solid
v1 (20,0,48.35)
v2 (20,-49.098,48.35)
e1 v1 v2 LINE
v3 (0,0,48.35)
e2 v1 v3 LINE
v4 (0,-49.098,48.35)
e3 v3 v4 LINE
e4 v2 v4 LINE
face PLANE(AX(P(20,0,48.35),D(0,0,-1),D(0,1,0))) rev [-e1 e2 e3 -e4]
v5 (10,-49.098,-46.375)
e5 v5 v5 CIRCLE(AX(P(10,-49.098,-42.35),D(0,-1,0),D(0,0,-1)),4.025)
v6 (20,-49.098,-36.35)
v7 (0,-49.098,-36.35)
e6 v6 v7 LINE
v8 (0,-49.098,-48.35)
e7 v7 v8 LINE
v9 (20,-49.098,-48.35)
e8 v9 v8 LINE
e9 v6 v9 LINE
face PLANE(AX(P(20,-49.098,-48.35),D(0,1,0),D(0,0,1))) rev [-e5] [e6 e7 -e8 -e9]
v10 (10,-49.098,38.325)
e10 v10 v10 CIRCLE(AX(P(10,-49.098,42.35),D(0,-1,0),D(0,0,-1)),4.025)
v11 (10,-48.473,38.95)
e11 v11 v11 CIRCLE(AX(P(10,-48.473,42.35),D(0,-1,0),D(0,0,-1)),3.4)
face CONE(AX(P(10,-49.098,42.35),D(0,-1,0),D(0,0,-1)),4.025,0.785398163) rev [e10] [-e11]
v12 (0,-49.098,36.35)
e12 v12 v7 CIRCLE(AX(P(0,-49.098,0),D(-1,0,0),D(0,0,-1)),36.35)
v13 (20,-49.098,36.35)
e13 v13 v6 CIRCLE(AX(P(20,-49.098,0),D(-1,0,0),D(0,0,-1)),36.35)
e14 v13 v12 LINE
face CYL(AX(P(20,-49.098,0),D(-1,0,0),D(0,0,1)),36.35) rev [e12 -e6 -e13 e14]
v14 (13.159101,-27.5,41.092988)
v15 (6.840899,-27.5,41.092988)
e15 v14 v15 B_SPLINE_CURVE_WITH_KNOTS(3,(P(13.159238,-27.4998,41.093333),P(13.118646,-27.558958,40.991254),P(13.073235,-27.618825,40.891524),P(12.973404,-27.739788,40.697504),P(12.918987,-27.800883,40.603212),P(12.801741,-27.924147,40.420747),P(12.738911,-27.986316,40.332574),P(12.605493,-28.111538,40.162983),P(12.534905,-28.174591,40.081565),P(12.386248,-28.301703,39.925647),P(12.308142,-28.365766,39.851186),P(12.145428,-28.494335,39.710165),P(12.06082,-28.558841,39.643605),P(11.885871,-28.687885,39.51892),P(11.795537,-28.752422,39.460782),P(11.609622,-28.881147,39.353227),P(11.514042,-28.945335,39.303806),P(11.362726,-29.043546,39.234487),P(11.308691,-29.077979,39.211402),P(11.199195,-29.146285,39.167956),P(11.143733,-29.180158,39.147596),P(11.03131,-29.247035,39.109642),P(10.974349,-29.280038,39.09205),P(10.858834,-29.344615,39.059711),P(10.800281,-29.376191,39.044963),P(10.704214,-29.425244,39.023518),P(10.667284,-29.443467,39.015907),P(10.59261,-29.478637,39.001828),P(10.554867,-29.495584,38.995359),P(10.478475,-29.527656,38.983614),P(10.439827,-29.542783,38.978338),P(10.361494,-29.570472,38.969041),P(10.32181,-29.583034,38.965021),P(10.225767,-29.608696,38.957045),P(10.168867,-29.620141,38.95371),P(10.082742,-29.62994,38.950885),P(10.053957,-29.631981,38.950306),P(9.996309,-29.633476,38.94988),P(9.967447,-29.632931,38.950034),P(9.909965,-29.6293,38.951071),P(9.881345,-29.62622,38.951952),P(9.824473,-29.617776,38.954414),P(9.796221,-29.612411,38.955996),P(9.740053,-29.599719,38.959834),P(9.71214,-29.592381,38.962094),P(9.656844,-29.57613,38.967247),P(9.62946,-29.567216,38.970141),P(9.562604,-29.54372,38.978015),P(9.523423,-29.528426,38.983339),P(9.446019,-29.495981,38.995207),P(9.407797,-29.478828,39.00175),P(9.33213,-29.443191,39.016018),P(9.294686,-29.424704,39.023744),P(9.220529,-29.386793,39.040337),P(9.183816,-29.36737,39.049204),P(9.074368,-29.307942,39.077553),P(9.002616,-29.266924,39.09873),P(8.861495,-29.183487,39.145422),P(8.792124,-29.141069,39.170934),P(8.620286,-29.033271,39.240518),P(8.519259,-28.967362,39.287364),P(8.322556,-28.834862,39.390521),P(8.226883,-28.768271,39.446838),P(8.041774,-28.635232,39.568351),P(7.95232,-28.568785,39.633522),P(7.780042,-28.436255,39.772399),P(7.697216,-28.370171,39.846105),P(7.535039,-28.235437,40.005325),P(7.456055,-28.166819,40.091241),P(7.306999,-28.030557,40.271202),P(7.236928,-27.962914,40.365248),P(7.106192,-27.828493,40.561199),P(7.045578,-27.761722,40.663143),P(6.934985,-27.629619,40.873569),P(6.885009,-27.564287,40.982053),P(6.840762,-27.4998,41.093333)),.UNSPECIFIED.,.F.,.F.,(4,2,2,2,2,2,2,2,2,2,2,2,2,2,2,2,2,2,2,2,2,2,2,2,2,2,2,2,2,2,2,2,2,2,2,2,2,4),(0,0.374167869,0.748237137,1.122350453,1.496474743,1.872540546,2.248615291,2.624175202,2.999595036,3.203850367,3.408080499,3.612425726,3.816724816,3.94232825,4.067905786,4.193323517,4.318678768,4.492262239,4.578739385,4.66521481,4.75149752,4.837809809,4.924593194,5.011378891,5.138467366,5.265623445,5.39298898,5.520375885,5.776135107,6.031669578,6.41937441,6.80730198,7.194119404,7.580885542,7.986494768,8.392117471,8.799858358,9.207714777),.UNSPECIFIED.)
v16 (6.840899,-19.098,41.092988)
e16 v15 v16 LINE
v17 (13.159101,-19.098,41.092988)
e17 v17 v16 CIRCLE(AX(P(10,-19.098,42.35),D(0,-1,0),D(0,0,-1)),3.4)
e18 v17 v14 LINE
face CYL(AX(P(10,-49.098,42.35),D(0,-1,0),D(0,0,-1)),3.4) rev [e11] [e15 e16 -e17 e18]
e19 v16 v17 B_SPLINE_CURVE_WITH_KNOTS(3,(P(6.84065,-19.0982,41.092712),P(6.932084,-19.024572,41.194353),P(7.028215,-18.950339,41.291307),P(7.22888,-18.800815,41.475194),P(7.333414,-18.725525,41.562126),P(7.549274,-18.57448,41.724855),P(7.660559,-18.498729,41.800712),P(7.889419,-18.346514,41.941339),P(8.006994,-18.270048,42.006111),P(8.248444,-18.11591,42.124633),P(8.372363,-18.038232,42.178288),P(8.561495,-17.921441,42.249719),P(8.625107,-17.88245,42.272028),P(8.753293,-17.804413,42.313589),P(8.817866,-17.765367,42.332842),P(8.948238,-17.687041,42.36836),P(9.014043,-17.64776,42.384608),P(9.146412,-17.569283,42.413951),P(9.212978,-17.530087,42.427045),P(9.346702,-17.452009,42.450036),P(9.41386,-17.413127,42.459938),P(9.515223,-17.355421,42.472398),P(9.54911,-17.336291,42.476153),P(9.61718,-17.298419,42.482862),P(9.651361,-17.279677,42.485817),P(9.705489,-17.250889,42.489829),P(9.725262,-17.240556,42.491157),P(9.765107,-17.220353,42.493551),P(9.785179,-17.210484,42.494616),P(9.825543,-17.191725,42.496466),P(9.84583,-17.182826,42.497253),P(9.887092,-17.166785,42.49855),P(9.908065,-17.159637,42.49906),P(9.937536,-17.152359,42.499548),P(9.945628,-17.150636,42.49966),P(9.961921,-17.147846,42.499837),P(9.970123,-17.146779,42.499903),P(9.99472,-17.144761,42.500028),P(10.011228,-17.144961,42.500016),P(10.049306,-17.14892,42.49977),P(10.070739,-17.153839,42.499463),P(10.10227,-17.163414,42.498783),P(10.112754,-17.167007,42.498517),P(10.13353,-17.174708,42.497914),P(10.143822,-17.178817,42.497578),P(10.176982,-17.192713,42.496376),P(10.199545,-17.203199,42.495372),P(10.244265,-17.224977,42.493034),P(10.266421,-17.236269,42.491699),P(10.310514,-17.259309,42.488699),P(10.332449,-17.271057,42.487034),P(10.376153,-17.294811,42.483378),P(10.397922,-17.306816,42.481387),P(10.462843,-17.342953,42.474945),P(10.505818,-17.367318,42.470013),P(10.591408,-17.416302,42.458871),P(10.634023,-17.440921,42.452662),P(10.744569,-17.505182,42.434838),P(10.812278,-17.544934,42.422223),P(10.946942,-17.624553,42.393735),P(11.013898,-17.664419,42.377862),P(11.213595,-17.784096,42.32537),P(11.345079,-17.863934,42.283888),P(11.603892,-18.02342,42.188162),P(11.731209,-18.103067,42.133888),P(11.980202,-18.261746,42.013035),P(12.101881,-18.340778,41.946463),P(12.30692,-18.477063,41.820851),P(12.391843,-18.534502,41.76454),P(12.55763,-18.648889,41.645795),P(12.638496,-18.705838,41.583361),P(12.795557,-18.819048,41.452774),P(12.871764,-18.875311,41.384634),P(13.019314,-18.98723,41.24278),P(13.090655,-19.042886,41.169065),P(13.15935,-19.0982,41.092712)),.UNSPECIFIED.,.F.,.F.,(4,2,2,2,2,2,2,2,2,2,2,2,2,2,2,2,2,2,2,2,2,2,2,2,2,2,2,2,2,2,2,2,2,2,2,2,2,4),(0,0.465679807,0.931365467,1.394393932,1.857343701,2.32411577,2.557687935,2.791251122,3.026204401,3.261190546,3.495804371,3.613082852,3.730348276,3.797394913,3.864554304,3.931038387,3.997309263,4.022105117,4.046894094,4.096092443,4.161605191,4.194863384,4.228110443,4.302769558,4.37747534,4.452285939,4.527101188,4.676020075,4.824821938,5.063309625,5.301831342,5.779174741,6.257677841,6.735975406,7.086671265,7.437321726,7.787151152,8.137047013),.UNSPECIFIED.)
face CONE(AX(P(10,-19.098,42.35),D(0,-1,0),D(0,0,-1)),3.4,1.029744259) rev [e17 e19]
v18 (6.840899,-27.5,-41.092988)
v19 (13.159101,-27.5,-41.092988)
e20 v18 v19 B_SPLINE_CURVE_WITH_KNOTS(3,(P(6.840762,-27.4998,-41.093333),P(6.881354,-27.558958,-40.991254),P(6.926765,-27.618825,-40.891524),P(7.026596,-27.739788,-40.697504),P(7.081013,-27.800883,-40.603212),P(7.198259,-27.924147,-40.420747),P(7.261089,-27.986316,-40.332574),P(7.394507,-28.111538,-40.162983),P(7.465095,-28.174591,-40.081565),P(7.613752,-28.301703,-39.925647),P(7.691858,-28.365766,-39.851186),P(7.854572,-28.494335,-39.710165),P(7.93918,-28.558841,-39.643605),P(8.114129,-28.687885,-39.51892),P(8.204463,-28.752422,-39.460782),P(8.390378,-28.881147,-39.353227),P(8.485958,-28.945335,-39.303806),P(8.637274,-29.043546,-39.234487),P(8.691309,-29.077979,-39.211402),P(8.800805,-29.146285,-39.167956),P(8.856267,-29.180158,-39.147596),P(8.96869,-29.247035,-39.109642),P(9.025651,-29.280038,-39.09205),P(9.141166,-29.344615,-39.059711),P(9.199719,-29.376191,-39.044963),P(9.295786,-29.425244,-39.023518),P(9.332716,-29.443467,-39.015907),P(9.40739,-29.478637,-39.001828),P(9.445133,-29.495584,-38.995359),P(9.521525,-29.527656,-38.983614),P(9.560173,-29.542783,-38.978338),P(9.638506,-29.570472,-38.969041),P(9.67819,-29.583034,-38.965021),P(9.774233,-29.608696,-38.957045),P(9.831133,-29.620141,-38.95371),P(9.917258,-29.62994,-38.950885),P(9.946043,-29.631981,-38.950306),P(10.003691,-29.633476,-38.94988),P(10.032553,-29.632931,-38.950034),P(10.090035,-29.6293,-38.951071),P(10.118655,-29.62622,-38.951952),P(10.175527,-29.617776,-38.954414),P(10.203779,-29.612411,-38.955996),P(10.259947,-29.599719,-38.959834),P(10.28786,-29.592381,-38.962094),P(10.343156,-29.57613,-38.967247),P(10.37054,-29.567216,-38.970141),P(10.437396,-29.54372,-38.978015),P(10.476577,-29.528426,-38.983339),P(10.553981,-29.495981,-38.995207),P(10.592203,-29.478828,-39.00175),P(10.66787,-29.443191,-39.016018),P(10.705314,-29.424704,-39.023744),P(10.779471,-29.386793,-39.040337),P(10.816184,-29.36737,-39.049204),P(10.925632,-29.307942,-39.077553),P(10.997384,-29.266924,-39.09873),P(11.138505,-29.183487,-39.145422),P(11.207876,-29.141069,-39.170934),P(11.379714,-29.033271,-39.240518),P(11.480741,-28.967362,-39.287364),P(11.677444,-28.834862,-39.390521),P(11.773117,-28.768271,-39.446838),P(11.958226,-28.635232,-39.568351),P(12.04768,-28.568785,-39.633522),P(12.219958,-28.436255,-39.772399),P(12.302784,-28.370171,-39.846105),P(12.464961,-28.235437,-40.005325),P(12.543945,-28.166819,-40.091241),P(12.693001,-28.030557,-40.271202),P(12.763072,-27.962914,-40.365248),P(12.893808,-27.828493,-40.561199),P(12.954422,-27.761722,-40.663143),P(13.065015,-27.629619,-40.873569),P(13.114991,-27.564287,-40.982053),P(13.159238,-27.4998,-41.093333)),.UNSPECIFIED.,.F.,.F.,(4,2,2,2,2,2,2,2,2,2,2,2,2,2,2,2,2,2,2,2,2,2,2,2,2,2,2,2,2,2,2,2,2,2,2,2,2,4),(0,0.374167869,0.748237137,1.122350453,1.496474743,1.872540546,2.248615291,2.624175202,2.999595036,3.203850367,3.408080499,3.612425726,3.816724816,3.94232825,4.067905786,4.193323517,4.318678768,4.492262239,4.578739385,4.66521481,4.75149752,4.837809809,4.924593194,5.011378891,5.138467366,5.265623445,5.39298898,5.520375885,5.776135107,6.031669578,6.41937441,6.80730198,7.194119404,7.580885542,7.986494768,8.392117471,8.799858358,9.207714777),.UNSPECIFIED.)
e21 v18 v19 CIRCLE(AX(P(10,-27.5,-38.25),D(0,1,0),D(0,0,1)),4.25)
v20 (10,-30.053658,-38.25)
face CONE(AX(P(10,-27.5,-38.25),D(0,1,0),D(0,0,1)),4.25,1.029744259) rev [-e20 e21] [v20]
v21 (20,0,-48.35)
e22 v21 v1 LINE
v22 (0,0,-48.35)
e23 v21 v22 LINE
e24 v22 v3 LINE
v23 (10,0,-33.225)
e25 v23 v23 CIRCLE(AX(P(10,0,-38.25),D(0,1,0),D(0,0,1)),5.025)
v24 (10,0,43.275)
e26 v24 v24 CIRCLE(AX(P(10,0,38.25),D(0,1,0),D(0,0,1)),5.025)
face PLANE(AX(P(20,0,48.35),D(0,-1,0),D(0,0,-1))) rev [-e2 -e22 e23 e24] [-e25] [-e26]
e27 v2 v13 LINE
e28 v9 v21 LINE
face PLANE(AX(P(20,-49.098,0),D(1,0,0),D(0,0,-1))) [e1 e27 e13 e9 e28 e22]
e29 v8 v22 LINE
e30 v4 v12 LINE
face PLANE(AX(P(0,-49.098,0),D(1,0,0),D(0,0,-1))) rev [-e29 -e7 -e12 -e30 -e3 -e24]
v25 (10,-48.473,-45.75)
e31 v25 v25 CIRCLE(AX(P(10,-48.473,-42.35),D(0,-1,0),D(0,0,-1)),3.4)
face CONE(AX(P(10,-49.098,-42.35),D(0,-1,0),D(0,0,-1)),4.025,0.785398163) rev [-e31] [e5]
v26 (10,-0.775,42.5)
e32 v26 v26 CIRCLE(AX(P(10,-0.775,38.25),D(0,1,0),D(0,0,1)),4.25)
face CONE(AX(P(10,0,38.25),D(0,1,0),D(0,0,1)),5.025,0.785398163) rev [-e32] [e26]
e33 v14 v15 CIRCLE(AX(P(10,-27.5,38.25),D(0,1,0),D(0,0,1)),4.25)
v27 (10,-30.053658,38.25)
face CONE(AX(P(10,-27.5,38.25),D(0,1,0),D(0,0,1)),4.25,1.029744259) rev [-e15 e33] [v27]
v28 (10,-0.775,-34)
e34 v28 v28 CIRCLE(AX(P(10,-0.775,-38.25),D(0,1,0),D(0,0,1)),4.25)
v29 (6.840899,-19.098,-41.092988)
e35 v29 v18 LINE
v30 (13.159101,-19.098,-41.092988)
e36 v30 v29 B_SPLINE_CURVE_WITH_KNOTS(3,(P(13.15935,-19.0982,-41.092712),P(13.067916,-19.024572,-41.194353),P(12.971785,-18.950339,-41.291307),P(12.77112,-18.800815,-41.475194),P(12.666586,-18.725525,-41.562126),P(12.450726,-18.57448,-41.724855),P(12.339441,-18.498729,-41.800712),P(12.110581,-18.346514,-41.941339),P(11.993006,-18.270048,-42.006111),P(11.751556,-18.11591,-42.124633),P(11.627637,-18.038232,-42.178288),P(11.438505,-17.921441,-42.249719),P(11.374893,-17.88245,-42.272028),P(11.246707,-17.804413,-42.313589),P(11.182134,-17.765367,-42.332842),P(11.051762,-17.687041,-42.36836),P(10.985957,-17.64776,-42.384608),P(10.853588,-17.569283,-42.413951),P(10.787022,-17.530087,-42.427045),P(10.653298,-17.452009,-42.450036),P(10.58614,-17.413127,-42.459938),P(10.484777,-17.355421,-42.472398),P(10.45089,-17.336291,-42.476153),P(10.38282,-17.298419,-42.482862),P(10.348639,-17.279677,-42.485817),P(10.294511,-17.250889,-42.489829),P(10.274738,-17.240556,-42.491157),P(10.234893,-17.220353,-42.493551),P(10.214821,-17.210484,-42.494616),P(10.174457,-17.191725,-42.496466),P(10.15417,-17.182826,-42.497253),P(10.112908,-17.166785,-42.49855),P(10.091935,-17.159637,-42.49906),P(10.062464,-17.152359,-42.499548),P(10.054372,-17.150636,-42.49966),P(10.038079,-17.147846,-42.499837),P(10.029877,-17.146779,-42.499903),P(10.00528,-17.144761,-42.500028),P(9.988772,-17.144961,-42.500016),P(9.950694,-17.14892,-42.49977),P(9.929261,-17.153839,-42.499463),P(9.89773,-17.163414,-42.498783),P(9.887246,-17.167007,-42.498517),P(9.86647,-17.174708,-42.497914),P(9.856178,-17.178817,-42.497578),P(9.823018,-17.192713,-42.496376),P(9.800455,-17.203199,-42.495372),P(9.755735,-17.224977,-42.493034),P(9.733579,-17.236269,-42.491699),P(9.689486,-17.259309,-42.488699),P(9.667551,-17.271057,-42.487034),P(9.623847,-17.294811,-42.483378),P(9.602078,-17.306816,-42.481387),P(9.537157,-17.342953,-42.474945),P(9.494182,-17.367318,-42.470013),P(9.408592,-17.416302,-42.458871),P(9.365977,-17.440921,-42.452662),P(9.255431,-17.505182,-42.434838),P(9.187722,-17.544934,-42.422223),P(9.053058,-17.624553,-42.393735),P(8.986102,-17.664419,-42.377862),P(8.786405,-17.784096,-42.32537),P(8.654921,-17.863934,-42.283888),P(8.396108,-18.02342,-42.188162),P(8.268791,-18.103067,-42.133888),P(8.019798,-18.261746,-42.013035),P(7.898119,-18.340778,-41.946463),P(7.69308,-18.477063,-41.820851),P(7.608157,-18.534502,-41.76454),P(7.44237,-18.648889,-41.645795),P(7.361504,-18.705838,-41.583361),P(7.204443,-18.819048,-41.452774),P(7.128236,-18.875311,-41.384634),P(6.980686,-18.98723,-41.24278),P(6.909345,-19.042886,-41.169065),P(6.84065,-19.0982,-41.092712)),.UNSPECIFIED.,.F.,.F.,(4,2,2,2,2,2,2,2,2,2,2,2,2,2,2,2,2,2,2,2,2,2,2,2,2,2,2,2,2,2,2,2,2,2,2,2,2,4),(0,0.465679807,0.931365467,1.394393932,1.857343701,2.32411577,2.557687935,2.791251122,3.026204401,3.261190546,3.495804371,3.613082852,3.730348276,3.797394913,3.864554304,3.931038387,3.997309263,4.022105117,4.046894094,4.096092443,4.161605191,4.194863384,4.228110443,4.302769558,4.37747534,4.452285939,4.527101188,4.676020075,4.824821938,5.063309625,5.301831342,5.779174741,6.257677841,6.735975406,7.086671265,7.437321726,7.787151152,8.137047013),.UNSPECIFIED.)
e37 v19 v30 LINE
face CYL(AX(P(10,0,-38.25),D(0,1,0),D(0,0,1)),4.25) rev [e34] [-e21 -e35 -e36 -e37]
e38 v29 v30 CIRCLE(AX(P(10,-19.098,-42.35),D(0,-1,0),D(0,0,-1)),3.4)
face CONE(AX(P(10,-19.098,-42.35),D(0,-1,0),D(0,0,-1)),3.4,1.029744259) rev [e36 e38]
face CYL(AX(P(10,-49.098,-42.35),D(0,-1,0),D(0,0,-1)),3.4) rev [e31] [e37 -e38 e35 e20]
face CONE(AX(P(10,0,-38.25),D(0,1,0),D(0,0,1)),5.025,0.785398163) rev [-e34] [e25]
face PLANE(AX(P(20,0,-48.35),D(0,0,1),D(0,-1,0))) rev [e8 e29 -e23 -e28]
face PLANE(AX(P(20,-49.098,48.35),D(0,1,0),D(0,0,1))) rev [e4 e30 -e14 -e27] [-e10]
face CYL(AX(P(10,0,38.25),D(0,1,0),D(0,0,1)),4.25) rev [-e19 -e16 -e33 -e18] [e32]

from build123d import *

# Parameters (mm, degrees)
BOSS_EXTRUDE1_DEPTH          = 20
M8_TAPPED_HOLE1_D            = 6.8
M8_TAPPED_HOLE1_DEPTH        = 30
M8_TAPPED_HOLE1_CSINK_D      = 8.05
M8_TAPPED_HOLE1_CSINK_ANGLE  = 90
M8_TAPPED_HOLE1_TIP          = 2.042926105
M10_TAPPED_HOLE1_D           = 8.5
M10_TAPPED_HOLE1_DEPTH       = 27.5
M10_TAPPED_HOLE1_CSINK_D     = 10.05
M10_TAPPED_HOLE1_CSINK_ANGLE = 90
M10_TAPPED_HOLE1_TIP         = 2.553657631


with BuildPart() as part:
    # Sketch1 → Boss-Extrude1 (new body)
    with BuildSketch(Plane(origin=(0, 0, 0), x_dir=(0, 0, -1), z_dir=(1, 0, 0))):
        with BuildLine():
            Line((-48.35, 0), (48.35, 0))
            Line((48.35, 0), (48.35, -49.098))
            Line((48.35, -49.098), (36.35, -49.098))
            ThreePointArc((36.35, -49.098), (0, -12.748), (-36.35, -49.098))
            Line((-36.35, -49.098), (-48.35, -49.098))
            Line((-48.35, -49.098), (-48.35, 0))
        make_face()
    extrude(amount=BOSS_EXTRUDE1_DEPTH)

    # M8 Tapped Hole1
    with Locations(Plane(origin=(0, -49.098, 0), x_dir=(-1, 0, 0), z_dir=(0, -1, 0))):
        with Locations((-10, -42.35), (-10, 42.35)):
            CounterSinkHole(M8_TAPPED_HOLE1_D / 2, M8_TAPPED_HOLE1_CSINK_D / 2, depth=M8_TAPPED_HOLE1_DEPTH, counter_sink_angle=M8_TAPPED_HOLE1_CSINK_ANGLE)
            with Locations((0, 0, -(M8_TAPPED_HOLE1_DEPTH + M8_TAPPED_HOLE1_TIP / 2))):  # 118° drill point
                Cone(0, M8_TAPPED_HOLE1_D / 2, M8_TAPPED_HOLE1_TIP, mode=Mode.SUBTRACT)

    # M10 Tapped Hole1
    with Locations(Plane(origin=(0, 0, 0), x_dir=(1, 0, 0), z_dir=(0, 1, 0))):
        with Locations((10, -38.25), (10, 38.25)):
            CounterSinkHole(M10_TAPPED_HOLE1_D / 2, M10_TAPPED_HOLE1_CSINK_D / 2, depth=M10_TAPPED_HOLE1_DEPTH, counter_sink_angle=M10_TAPPED_HOLE1_CSINK_ANGLE)
            with Locations((0, 0, -(M10_TAPPED_HOLE1_DEPTH + M10_TAPPED_HOLE1_TIP / 2))):  # 118° drill point
                Cone(0, M10_TAPPED_HOLE1_D / 2, M10_TAPPED_HOLE1_TIP, mode=Mode.SUBTRACT)


solid = part.part
